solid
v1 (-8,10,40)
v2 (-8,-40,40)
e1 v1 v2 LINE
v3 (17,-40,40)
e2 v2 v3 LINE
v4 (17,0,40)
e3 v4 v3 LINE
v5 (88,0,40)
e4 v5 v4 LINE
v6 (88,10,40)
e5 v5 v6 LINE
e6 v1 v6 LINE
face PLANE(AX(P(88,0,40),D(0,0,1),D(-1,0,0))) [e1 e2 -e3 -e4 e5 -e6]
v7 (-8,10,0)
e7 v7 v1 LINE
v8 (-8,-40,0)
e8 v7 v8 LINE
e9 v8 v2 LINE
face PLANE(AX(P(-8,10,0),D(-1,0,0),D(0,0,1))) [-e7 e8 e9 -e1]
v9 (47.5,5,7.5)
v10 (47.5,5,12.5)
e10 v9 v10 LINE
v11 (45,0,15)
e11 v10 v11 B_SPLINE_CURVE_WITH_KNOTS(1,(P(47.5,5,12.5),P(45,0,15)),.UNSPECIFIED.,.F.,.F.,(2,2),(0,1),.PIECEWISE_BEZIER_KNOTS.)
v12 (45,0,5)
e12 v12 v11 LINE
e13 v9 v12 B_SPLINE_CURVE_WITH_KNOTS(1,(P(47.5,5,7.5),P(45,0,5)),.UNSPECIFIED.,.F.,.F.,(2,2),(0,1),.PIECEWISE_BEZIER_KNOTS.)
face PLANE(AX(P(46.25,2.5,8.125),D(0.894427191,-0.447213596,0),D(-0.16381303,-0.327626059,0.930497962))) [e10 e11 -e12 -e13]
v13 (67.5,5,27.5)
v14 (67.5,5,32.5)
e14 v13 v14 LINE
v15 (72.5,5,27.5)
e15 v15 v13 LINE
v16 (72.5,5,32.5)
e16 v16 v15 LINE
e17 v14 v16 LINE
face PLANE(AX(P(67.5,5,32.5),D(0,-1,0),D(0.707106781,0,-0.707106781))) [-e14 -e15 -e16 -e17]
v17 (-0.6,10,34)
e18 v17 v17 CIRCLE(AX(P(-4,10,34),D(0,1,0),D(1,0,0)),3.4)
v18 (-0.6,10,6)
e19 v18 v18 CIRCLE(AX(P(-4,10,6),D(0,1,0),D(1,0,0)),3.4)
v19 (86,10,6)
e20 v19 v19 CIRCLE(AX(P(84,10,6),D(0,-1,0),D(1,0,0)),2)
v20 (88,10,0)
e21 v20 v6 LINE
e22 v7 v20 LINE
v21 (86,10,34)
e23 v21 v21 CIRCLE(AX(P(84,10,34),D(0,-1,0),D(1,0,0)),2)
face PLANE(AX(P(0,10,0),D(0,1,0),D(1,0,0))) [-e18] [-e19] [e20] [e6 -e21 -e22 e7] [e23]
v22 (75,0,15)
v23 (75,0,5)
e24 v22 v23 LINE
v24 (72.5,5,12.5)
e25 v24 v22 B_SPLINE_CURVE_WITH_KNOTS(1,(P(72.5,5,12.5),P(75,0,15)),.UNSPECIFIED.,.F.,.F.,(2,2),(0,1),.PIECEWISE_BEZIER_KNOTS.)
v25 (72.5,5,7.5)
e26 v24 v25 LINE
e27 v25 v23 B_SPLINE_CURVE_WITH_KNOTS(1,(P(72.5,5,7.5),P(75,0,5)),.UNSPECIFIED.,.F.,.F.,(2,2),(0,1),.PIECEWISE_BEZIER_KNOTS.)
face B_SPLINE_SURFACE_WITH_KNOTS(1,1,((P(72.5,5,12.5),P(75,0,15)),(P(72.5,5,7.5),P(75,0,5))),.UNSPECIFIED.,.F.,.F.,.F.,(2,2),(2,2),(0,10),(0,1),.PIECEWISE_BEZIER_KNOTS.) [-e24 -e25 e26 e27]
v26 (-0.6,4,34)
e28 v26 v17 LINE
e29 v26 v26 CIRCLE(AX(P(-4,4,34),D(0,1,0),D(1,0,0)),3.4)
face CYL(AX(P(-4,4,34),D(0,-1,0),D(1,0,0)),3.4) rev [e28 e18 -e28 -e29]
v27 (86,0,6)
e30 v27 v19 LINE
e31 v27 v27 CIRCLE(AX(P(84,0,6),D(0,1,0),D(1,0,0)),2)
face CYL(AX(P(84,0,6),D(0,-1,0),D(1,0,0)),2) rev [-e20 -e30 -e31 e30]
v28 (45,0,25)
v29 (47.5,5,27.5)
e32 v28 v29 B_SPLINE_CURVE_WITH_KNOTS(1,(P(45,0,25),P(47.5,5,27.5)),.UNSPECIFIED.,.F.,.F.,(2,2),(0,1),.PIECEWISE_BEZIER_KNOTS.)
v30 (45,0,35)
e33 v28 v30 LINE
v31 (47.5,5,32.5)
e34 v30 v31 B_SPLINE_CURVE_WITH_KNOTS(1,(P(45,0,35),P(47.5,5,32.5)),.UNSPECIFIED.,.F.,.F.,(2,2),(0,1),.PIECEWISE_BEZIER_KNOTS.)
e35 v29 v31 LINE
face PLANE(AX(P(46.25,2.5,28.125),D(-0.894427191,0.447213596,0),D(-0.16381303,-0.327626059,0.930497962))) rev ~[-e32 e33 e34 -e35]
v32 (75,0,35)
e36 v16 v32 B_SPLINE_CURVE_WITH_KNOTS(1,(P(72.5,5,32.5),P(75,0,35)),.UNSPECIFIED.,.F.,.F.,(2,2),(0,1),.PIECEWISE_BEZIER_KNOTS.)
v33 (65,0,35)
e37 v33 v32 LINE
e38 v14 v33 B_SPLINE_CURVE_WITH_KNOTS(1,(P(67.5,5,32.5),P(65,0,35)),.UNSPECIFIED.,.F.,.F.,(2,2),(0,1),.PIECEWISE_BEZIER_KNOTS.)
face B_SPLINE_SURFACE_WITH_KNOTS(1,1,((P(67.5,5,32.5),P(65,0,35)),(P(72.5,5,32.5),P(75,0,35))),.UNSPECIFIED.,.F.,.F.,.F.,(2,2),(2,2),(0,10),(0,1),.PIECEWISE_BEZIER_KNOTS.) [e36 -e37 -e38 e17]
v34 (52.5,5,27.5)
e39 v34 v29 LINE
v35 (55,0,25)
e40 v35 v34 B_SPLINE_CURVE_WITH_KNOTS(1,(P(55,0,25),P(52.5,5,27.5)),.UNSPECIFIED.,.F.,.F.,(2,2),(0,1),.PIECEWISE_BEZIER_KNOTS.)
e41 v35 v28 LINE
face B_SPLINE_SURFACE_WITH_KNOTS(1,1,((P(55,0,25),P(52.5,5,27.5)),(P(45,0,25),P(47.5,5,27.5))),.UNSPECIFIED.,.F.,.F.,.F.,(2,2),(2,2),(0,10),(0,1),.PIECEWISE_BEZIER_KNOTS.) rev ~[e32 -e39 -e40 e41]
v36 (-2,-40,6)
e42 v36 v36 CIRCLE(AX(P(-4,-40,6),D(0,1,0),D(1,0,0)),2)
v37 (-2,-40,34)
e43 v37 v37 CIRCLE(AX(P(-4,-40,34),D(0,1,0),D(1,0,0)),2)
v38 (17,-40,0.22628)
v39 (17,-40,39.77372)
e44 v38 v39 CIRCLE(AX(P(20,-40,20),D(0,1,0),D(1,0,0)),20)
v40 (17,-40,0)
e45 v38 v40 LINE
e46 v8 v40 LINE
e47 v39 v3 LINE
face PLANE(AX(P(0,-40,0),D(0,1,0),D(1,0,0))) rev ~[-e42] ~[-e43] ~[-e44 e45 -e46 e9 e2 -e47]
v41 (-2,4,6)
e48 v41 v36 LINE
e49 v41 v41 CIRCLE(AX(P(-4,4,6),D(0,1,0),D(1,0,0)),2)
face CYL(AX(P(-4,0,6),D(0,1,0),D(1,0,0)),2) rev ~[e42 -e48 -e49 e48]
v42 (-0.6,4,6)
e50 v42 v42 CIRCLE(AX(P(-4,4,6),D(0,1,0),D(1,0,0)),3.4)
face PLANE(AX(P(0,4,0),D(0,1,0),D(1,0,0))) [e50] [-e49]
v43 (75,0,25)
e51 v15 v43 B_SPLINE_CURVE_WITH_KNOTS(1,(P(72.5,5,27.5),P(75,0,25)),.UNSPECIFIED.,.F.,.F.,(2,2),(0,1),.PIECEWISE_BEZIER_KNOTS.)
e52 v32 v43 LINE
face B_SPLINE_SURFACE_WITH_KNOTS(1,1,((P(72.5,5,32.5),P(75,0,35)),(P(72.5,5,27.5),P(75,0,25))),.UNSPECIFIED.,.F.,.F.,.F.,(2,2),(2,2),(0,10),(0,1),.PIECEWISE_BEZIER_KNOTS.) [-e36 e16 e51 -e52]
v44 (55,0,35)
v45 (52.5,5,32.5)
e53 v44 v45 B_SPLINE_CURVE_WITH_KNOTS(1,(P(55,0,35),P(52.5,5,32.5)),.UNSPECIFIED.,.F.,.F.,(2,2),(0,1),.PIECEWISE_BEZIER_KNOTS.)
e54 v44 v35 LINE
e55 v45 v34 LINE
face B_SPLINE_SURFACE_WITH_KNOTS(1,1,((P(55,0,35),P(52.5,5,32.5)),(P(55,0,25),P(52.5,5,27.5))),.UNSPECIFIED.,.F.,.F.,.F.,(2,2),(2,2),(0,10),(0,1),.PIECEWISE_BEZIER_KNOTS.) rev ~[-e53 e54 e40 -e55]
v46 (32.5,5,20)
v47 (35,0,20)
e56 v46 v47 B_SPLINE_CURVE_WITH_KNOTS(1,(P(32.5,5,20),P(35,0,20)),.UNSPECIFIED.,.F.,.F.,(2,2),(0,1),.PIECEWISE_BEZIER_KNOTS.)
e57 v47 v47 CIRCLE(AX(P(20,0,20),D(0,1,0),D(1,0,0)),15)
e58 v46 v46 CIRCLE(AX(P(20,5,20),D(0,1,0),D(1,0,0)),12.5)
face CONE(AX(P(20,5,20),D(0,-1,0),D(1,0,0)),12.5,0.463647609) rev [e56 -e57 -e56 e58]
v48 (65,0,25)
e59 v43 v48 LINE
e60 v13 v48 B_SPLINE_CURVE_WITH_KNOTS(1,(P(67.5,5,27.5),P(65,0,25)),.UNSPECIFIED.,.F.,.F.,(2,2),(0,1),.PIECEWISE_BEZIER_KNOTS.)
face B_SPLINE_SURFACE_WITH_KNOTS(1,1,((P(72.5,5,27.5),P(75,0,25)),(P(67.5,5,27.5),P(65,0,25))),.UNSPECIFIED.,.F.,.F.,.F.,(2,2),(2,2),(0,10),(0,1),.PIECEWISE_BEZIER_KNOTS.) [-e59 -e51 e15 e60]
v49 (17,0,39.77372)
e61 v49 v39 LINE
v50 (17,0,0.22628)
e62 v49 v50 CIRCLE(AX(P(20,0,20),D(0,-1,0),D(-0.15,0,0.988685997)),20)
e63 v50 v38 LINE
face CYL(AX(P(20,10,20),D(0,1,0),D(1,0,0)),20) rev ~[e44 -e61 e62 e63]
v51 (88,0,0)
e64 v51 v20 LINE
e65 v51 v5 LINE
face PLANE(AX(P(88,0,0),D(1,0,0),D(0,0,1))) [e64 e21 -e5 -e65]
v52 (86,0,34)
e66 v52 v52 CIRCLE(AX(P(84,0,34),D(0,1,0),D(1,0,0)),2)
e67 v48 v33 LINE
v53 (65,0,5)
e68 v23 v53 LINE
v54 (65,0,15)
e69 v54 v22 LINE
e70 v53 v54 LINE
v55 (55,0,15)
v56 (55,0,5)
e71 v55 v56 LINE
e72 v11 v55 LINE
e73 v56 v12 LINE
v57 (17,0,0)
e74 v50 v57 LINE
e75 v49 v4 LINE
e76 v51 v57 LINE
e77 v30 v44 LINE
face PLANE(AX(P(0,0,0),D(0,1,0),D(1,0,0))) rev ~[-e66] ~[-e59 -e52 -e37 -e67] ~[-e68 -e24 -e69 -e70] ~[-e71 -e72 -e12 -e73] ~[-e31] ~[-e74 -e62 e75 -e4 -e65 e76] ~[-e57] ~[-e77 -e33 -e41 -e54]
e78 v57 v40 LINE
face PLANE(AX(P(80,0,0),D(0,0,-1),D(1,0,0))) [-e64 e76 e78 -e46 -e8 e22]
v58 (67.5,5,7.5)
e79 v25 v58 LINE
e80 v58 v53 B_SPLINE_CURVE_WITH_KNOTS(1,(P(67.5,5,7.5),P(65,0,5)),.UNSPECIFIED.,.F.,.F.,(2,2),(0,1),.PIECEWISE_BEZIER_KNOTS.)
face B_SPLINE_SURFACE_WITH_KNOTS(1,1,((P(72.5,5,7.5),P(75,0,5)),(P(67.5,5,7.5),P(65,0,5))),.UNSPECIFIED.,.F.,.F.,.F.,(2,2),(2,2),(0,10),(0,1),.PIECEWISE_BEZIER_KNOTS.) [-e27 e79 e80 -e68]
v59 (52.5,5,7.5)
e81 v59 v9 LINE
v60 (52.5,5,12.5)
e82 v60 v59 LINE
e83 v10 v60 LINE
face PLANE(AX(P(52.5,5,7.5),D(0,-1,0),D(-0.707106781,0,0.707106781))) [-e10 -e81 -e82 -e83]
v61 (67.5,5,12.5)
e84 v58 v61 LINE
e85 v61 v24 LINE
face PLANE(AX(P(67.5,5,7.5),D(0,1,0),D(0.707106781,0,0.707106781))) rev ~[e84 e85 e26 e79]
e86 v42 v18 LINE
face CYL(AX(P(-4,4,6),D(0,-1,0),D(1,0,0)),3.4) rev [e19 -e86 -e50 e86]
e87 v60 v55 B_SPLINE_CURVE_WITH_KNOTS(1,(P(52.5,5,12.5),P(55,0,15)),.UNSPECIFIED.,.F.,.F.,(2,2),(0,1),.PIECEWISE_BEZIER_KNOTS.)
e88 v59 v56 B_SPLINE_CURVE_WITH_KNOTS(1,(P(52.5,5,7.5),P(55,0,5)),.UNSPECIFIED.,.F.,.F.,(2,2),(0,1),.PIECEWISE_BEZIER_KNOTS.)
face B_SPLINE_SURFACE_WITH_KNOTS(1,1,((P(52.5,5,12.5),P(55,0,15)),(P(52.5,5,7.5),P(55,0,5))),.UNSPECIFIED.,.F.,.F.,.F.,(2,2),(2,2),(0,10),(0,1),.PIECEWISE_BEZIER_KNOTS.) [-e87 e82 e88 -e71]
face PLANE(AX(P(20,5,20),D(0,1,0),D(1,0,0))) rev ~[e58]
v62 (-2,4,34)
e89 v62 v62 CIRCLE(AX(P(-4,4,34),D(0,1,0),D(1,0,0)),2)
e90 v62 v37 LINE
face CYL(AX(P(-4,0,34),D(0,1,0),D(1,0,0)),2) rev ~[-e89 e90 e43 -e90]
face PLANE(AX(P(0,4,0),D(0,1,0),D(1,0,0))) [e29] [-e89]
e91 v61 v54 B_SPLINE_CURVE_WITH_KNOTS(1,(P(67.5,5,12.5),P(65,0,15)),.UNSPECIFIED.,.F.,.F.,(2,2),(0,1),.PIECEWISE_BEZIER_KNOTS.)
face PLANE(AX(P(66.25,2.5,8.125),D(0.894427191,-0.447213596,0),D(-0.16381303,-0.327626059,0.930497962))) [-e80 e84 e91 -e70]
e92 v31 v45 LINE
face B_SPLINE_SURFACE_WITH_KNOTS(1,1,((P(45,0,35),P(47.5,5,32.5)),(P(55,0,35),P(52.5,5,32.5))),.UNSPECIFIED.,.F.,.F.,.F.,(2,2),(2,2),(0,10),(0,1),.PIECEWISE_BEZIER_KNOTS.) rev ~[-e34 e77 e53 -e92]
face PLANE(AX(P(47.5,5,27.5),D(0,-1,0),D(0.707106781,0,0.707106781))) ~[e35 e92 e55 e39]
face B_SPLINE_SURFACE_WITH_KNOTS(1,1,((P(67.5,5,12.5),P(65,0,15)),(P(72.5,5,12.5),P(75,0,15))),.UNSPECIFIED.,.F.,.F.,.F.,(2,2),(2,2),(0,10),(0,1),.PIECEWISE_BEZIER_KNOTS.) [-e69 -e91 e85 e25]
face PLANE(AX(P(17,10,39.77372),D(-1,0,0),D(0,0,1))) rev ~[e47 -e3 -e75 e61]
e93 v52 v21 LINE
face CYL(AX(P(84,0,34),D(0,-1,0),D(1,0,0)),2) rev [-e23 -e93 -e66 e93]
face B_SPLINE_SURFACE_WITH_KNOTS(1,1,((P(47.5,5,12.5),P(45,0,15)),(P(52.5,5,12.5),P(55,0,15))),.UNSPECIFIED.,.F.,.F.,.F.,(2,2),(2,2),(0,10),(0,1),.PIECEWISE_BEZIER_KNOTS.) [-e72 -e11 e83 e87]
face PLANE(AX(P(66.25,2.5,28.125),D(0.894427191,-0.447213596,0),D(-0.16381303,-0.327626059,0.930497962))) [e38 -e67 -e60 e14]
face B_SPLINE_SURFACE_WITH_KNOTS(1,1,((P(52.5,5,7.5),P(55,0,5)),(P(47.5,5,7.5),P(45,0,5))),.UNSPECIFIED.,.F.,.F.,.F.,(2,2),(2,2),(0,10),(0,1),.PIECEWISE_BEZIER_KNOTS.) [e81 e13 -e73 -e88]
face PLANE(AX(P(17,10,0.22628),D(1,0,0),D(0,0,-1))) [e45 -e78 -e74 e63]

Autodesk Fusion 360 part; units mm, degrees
sketch "baseplate" plane through (0, 0, 0) normal (0, 1, 0) x (1, 0, 0)
  line L0 (0, 0) -> (80, 0)
  line L1 (80, 0) -> (80, -40)
  line L2 (80, -40) -> (0, -40)
  line L3 (0, -40) -> (0, 0)
  dimension "d1" = 40
  dimension "d2" = 80
extrude "Extrude1" add sketch "baseplate" along normal blind 10
sketch "outside_pryamid" plane through (0, 0, 0) normal (0, 1, 0) x (1, 0, 0)
  line L0 (45, -35) -> (55, -35)
  line L1 (55, -35) -> (55, -25)
  line L2 (55, -25) -> (45, -25)
  line L3 (45, -25) -> (45, -35)
  line L4 (65, -35) -> (75, -35)
  line L5 (75, -35) -> (75, -25)
  line L6 (75, -25) -> (65, -25)
  line L7 (65, -25) -> (65, -35)
  line L8 (45, -15) -> (55, -15)
  line L9 (55, -15) -> (55, -5)
  line L10 (55, -5) -> (45, -5)
  line L11 (45, -5) -> (45, -15)
  line L12 (65, -15) -> (75, -15)
  line L13 (75, -15) -> (75, -5)
  line L14 (75, -5) -> (65, -5)
  line L15 (65, -5) -> (65, -15)
  circle A0 centre (20, -20) radius 15
  dimension "d40" = 30
ref_plane "WorkPlane1" through (0, 5, 0) normal (0, 1, 0) x (0, 0, 1)
sketch "inside_pryamid" plane through (0, 5, 0) normal (0, 1, 0) x (1, 0, 0)
  line L0 (47.5, -7.5) -> (47.5, -10)
  line L1 (47.5, -12.5) -> (52.5, -12.5)
  line L2 (52.5, -7.5) -> (47.5, -7.5)
  line L3 (47.5, -10) -> (47.5, -12.5)
  line L4 (52.5, -12.5) -> (52.5, -7.5)
  line L5 (67.5, -10) -> (67.5, -12.5)
  line L6 (67.5, -12.5) -> (72.5, -12.5)
  line L7 (67.5, -7.5) -> (67.5, -10)
  line L8 (72.5, -12.5) -> (72.5, -7.5)
  line L9 (72.5, -7.5) -> (67.5, -7.5)
  line L10 (67.5, -10) -> (67.5, -12.5)
  line L11 (67.5, -12.5) -> (72.5, -12.5)
  line L12 (72.5, -12.5) -> (72.5, -7.5)
  line L13 (47.5, -7.5) -> (47.5, -10)
  line L14 (52.5, -12.5) -> (52.5, -7.5)
  line L15 (72.5, -7.5) -> (67.5, -7.5)
  line L16 (47.5, -10) -> (47.5, -12.5)
  line L17 (52.5, -7.5) -> (47.5, -7.5)
  line L18 (67.5, -7.5) -> (67.5, -10)
  line L19 (47.5, -12.5) -> (52.5, -12.5)
  line L20 (72.5, -32.5) -> (72.5, -27.5)
  line L21 (72.5, -27.5) -> (67.5, -27.5)
  line L22 (67.5, -30) -> (67.5, -32.5)
  line L23 (72.5, -27.5) -> (67.5, -27.5)
  line L24 (67.5, -27.5) -> (67.5, -30)
  line L25 (47.5, -30) -> (47.5, -32.5)
  line L26 (67.5, -27.5) -> (67.5, -30)
  line L27 (67.5, -30) -> (67.5, -32.5)
  line L28 (67.5, -32.5) -> (72.5, -32.5)
  line L29 (72.5, -32.5) -> (72.5, -27.5)
  line L30 (47.5, -32.5) -> (52.5, -32.5)
  line L31 (47.5, -32.5) -> (52.5, -32.5)
  line L32 (67.5, -32.5) -> (72.5, -32.5)
  line L33 (52.5, -32.5) -> (52.5, -27.5)
  line L34 (52.5, -27.5) -> (47.5, -27.5)
  line L35 (52.5, -27.5) -> (47.5, -27.5)
  line L36 (47.5, -30) -> (47.5, -32.5)
  line L37 (52.5, -32.5) -> (52.5, -27.5)
  line L38 (47.5, -27.5) -> (47.5, -30)
  line L39 (47.5, -27.5) -> (47.5, -30)
  circle A0 centre (20, -20) radius 12.5
  dimension "d42" = 25
loft "Loft9" cut profiles "inside_pryamid", "outside_pryamid" section 1 contours A0 section 2 contours A0
loft "Loft3" cut profiles "outside_pryamid", "inside_pryamid" section 1 contours L0 L1 L2 L3 section 2 contours L25 L30 L31 L33 L34 L35 L36 L37 L38 L39
loft "Loft4" cut profiles "inside_pryamid", "outside_pryamid" section 1 contours L20 L21 L22 L23 L24 L26 L27 L28 L29 L32 section 2 contours L4 L5 L6 L7
loft "Loft7" cut profiles "inside_pryamid", "outside_pryamid" section 1 contours L0 L1 L2 L3 L4 L13 L14 L16 L17 L19 section 2 contours L8 L9 L10 L11
loft "Loft8" cut profiles "inside_pryamid", "outside_pryamid" section 1 contours L5 L6 L7 L8 L9 L10 L11 L12 L15 L18 section 2 contours L12 L13 L14 L15
sketch "sidewall" plane through (0, 0, 0) normal (0, 1, 0) x (1, 0, 0)
  line L0 (-8, 0) -> (-8, -40)
  circle A0 centre (20, -20) radius 20
  line L1 (17, -20) -> (17, -40)
  line L2 (-8, -40) -> (17, -40)
  line L3 (17, -20) -> (17, 0)
  line L4 (-8, 0) -> (17, 0)
  dimension "d43" = 20
  dimension "d44" = 20
extrude "Extrude2" add sketch "sidewall" along normal blind -40 and the other way blind -10 contours L0 A0 L1 L2 L3 L4
sketch "sidemount" plane through (0, 0, 0) normal (0, 1, 0) x (1, 0, 0)
  line L0 (80, 0) -> (88, 0)
  line L1 (88, 0) -> (88, -40)
  line L2 (88, -40) -> (80, -40)
  line L3 (80, -40) -> (80, 0)
extrude "Extrude3" add sketch "sidemount" along normal blind 10
sketch "holes" plane through (0, 0, 0) normal (0, 1, 0) x (1, 0, 0)
  circle A0 centre (-4, -34) radius 2
  circle A1 centre (-4, -6) radius 2
  circle A2 centre (-4, -34) radius 3.4
  circle A3 centre (-4, -6) radius 3.4
  line L0 (88, 0) -> (84, 0)
  line L1 (84, 0) -> (84, -6)
  line L2 (84, -6) -> (88, -6)
  line L3 (88, -6) -> (88, 0)
  circle A4 centre (84, -34) radius 2
  circle A5 centre (84, -6) radius 2
  dimension "d19" = 4
  dimension "d20" = 4
  dimension "d21" = 6.8
  dimension "d22" = 6.8
  dimension "d25" = 4
  dimension "d26" = 6
  dimension "d27" = 4
  dimension "d28" = 4
extrude "Extrude4" cut sketch "holes" against normal blind 50 contours A0 | A1
extrude "Extrude5" cut sketch "holes" along normal blind 40 contours L1 L2 A5 | L1 L2 A5 | A4
extrude "Extrude6" cut sketch "holes" along normal through all and the other way blind 44 contours A0 | A1
extrude "Extrude7" cut sketch "holes" along normal blind 10 and the other way blind -4 contours A2 | A3
